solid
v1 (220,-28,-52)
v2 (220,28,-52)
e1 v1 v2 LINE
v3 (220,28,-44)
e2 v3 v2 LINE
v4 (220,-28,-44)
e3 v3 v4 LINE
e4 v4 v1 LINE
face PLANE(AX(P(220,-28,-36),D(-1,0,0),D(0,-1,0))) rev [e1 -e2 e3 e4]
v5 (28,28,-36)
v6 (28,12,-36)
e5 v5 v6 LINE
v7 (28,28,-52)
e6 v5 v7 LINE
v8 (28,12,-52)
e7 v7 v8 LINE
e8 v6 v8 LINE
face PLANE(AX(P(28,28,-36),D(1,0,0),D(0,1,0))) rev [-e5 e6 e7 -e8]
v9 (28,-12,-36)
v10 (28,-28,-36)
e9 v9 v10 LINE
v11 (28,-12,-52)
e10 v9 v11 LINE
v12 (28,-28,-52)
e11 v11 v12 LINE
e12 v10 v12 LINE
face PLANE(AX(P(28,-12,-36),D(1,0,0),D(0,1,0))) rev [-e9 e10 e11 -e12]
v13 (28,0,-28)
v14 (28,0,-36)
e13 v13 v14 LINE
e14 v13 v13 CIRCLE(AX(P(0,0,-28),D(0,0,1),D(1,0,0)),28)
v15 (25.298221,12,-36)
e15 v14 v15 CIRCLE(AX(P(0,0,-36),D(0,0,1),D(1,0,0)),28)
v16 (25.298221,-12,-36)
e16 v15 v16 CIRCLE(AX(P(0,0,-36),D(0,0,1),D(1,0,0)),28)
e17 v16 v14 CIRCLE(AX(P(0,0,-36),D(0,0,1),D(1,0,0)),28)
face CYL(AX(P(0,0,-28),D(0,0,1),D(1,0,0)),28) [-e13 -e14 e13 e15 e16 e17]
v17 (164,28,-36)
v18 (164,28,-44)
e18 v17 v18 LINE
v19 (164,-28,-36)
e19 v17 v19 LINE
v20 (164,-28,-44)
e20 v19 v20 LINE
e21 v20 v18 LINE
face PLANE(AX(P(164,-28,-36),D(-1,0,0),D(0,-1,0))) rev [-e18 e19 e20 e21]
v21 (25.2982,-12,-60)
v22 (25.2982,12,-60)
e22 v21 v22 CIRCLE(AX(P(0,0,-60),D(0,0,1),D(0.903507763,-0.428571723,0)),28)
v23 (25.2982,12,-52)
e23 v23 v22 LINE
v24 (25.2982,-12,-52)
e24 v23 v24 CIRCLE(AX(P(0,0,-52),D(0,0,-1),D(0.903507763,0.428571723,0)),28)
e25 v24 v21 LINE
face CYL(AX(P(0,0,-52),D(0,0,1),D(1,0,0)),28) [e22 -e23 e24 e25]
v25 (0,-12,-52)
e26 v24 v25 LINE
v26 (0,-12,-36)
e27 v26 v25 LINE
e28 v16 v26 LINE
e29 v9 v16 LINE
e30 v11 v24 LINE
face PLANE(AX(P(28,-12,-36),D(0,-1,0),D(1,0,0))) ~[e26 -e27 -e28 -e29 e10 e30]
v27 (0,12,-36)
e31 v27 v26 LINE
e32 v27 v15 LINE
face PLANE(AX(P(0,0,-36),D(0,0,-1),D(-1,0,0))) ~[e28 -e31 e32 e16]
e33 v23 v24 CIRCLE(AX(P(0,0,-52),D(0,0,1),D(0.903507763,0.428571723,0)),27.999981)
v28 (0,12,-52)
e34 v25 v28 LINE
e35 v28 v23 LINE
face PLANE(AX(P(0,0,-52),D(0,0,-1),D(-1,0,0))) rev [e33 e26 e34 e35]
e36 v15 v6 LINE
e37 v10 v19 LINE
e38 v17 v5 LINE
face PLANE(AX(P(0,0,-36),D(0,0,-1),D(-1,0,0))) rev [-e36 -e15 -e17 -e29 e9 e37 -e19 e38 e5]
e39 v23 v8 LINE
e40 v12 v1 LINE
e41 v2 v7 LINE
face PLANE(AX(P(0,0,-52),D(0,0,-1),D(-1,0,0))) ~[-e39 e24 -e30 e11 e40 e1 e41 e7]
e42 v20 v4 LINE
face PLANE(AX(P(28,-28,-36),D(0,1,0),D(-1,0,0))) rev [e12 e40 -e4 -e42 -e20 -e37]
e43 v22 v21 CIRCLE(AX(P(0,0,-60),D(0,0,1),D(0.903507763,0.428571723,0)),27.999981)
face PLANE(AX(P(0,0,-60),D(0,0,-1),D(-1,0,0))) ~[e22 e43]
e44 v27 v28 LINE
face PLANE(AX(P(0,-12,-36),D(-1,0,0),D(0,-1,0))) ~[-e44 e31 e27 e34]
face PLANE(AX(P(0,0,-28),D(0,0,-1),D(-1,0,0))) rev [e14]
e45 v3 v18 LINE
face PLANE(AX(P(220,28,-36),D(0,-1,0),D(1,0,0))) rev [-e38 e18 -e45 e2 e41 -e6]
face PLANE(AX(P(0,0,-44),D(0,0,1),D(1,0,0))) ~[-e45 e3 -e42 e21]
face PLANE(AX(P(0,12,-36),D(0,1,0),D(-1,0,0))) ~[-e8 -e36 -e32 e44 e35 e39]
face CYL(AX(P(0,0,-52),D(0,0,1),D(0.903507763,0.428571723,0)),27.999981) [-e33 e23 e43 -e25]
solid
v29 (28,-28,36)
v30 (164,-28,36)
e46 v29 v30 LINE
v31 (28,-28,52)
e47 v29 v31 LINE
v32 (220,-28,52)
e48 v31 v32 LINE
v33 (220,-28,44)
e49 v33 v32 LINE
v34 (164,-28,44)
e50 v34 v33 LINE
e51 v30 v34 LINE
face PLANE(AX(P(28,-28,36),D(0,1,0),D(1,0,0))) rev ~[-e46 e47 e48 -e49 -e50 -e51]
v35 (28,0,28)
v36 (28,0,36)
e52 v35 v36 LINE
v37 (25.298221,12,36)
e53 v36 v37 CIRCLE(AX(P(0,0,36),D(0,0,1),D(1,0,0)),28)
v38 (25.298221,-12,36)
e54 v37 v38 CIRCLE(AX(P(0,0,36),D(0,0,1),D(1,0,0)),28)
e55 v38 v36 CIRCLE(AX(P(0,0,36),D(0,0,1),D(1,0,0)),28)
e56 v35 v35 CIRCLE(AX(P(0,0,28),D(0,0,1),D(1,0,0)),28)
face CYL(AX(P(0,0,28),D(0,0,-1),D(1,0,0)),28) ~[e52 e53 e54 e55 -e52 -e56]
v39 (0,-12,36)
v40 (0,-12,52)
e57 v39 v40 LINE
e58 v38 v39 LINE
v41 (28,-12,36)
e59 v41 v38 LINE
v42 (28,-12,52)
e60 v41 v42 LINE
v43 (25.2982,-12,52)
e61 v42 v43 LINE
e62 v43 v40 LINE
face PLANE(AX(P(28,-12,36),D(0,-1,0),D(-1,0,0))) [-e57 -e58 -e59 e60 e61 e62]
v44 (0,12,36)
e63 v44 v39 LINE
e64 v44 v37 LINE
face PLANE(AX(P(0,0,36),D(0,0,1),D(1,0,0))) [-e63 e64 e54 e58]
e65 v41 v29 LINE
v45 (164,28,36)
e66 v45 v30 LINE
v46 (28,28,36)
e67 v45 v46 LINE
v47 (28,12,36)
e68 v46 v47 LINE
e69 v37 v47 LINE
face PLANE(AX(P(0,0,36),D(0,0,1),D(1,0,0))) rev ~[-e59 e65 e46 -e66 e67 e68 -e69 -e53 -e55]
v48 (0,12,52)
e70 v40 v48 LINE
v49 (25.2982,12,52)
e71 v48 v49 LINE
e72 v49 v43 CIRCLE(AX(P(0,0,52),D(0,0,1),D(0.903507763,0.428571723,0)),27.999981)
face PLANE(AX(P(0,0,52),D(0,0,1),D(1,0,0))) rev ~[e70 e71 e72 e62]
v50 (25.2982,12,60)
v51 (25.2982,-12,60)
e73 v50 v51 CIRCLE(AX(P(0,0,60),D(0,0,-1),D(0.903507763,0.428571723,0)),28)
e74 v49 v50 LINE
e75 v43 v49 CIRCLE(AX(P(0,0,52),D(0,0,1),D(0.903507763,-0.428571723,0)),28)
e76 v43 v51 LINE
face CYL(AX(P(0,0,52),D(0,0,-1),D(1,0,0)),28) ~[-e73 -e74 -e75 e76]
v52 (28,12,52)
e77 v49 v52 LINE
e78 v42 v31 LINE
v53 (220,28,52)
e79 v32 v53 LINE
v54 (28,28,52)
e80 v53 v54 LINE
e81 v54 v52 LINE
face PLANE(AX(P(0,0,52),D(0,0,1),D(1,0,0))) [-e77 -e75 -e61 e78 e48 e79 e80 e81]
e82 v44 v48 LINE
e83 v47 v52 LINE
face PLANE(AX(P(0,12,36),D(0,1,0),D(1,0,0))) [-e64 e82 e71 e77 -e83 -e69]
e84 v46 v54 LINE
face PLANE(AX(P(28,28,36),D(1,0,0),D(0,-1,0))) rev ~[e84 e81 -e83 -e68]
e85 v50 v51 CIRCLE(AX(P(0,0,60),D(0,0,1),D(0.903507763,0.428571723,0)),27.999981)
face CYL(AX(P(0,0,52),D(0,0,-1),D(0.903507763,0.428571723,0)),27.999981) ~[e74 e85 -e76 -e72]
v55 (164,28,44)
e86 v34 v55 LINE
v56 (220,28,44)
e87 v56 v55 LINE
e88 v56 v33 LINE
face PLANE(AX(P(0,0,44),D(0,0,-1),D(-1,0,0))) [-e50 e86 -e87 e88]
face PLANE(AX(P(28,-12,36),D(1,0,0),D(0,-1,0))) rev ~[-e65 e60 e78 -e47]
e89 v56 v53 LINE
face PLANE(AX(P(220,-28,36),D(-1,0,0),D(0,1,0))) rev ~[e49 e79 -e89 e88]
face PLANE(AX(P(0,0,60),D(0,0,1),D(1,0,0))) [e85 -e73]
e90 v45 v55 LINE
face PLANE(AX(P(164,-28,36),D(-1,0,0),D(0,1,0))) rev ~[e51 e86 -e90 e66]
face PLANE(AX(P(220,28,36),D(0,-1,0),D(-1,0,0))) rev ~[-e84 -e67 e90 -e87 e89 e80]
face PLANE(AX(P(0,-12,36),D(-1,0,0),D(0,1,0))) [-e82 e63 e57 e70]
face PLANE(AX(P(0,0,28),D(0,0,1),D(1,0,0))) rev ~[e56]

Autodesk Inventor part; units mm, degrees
ref_plane "YZ Plane" through (0, 0, 0) normal (1, 0, 0) x (0, 1, 0)
ref_plane "Work Plane1" through (0, 0, 28) normal (0, 0, 1) x (1, 0, 0)
sketch "Sketch2" plane through (0, 0, 28) normal (0, 0, 1) x (1, 0, 0)
  circle A0 centre (0, 0) radius 28
  dimension "d2" = 56
extrude "Extrusion1" add sketch "Sketch2" along normal blind 8
sketch "Sketch3" plane through (0, 0, 36) normal (0, 0, 1) x (1, 0, 0)
  line L0 (28, -12) -> (0, -12)
  line L1 (0, -12) -> (0, 12)
  line L2 (0, 12) -> (28, 12)
  line L3 (28, 12) -> (28, -12)
  line L4 (28, -12) -> (0, 12) construction
  line L5 (0, -12) -> (28, 12) construction
  line L6 (-77.6, 0) -> (269.6, 0) projected
  line L7 (28, -28) -> (220, -28)
  line L8 (220, -28) -> (220, 28)
  line L9 (220, 28) -> (28, 28)
  line L10 (28, 28) -> (28, -28)
  line L11 (28, -28) -> (220, 28) construction
  line L12 (220, -28) -> (28, 28) construction
  point P0 (0, 0)
  point P1 (14, 0)
  point P2 (124, 0)
  dimension "d5" = 24
  dimension "d6" = 28
  dimension "d7" = 192
  dimension "d8" = 56
extrude "Extrusion2" add sketch "Sketch3" along normal blind 16
sketch "Sketch4" plane through (0, 0, 52) normal (0, 0, 1) x (1, 0, 0)
  circle A0 centre (0, 0) radius 28
  arc A1 (25.2982, 12) -> (25.2982, -12) centre (0, 0) ccw projected
extrude "Extrusion3" add sketch "Sketch4" along normal blind 8
sketch "Sketch5" plane through (0, 0, 36) normal (0, 0, -1) x (-1, 0, 0)
  line L0 (-28, -28) -> (-220, -28) projected
  line L1 (-220, 28) -> (-28, 28) projected
  line L2 (-220, -28) -> (-164, -28)
  line L3 (-164, -28) -> (-164, 28)
  line L4 (-164, 28) -> (-220, 28)
  line L5 (-220, 28) -> (-220, -28)
  line L6 (77.6, 0) -> (-269.6, 0) projected
  point P0 (0, 0)
  point P1 (-208, 0)
  dimension "d13" = 56
  dimension "d16" = 12
extrude "Extrusion4" cut sketch "Sketch5" against normal blind 8
mirror "Mirror2" about plane through (0, 0, 0) normal (0, 0, 1) of "Extrusion1", "Extrusion2", "Extrusion3", "Extrusion4"
ref_plane "Work Plane3" through (0, 28, 0) normal (0, 1, 0) x (-1, 0, 0)
ref_plane "UCS2: YZ Plane" through (0, 0, 0) normal (1, 0, 0) x (0, 1, 0)
ref_plane "UCS2: XZ Plane" through (0, 0, 0) normal (0, 1, 0) x (0, 0, 1)
ref_plane "UCS2: XY Plane" through (0, 0, 0) normal (0, 0, 1) x (1, 0, 0)
properties part number "link_2"
